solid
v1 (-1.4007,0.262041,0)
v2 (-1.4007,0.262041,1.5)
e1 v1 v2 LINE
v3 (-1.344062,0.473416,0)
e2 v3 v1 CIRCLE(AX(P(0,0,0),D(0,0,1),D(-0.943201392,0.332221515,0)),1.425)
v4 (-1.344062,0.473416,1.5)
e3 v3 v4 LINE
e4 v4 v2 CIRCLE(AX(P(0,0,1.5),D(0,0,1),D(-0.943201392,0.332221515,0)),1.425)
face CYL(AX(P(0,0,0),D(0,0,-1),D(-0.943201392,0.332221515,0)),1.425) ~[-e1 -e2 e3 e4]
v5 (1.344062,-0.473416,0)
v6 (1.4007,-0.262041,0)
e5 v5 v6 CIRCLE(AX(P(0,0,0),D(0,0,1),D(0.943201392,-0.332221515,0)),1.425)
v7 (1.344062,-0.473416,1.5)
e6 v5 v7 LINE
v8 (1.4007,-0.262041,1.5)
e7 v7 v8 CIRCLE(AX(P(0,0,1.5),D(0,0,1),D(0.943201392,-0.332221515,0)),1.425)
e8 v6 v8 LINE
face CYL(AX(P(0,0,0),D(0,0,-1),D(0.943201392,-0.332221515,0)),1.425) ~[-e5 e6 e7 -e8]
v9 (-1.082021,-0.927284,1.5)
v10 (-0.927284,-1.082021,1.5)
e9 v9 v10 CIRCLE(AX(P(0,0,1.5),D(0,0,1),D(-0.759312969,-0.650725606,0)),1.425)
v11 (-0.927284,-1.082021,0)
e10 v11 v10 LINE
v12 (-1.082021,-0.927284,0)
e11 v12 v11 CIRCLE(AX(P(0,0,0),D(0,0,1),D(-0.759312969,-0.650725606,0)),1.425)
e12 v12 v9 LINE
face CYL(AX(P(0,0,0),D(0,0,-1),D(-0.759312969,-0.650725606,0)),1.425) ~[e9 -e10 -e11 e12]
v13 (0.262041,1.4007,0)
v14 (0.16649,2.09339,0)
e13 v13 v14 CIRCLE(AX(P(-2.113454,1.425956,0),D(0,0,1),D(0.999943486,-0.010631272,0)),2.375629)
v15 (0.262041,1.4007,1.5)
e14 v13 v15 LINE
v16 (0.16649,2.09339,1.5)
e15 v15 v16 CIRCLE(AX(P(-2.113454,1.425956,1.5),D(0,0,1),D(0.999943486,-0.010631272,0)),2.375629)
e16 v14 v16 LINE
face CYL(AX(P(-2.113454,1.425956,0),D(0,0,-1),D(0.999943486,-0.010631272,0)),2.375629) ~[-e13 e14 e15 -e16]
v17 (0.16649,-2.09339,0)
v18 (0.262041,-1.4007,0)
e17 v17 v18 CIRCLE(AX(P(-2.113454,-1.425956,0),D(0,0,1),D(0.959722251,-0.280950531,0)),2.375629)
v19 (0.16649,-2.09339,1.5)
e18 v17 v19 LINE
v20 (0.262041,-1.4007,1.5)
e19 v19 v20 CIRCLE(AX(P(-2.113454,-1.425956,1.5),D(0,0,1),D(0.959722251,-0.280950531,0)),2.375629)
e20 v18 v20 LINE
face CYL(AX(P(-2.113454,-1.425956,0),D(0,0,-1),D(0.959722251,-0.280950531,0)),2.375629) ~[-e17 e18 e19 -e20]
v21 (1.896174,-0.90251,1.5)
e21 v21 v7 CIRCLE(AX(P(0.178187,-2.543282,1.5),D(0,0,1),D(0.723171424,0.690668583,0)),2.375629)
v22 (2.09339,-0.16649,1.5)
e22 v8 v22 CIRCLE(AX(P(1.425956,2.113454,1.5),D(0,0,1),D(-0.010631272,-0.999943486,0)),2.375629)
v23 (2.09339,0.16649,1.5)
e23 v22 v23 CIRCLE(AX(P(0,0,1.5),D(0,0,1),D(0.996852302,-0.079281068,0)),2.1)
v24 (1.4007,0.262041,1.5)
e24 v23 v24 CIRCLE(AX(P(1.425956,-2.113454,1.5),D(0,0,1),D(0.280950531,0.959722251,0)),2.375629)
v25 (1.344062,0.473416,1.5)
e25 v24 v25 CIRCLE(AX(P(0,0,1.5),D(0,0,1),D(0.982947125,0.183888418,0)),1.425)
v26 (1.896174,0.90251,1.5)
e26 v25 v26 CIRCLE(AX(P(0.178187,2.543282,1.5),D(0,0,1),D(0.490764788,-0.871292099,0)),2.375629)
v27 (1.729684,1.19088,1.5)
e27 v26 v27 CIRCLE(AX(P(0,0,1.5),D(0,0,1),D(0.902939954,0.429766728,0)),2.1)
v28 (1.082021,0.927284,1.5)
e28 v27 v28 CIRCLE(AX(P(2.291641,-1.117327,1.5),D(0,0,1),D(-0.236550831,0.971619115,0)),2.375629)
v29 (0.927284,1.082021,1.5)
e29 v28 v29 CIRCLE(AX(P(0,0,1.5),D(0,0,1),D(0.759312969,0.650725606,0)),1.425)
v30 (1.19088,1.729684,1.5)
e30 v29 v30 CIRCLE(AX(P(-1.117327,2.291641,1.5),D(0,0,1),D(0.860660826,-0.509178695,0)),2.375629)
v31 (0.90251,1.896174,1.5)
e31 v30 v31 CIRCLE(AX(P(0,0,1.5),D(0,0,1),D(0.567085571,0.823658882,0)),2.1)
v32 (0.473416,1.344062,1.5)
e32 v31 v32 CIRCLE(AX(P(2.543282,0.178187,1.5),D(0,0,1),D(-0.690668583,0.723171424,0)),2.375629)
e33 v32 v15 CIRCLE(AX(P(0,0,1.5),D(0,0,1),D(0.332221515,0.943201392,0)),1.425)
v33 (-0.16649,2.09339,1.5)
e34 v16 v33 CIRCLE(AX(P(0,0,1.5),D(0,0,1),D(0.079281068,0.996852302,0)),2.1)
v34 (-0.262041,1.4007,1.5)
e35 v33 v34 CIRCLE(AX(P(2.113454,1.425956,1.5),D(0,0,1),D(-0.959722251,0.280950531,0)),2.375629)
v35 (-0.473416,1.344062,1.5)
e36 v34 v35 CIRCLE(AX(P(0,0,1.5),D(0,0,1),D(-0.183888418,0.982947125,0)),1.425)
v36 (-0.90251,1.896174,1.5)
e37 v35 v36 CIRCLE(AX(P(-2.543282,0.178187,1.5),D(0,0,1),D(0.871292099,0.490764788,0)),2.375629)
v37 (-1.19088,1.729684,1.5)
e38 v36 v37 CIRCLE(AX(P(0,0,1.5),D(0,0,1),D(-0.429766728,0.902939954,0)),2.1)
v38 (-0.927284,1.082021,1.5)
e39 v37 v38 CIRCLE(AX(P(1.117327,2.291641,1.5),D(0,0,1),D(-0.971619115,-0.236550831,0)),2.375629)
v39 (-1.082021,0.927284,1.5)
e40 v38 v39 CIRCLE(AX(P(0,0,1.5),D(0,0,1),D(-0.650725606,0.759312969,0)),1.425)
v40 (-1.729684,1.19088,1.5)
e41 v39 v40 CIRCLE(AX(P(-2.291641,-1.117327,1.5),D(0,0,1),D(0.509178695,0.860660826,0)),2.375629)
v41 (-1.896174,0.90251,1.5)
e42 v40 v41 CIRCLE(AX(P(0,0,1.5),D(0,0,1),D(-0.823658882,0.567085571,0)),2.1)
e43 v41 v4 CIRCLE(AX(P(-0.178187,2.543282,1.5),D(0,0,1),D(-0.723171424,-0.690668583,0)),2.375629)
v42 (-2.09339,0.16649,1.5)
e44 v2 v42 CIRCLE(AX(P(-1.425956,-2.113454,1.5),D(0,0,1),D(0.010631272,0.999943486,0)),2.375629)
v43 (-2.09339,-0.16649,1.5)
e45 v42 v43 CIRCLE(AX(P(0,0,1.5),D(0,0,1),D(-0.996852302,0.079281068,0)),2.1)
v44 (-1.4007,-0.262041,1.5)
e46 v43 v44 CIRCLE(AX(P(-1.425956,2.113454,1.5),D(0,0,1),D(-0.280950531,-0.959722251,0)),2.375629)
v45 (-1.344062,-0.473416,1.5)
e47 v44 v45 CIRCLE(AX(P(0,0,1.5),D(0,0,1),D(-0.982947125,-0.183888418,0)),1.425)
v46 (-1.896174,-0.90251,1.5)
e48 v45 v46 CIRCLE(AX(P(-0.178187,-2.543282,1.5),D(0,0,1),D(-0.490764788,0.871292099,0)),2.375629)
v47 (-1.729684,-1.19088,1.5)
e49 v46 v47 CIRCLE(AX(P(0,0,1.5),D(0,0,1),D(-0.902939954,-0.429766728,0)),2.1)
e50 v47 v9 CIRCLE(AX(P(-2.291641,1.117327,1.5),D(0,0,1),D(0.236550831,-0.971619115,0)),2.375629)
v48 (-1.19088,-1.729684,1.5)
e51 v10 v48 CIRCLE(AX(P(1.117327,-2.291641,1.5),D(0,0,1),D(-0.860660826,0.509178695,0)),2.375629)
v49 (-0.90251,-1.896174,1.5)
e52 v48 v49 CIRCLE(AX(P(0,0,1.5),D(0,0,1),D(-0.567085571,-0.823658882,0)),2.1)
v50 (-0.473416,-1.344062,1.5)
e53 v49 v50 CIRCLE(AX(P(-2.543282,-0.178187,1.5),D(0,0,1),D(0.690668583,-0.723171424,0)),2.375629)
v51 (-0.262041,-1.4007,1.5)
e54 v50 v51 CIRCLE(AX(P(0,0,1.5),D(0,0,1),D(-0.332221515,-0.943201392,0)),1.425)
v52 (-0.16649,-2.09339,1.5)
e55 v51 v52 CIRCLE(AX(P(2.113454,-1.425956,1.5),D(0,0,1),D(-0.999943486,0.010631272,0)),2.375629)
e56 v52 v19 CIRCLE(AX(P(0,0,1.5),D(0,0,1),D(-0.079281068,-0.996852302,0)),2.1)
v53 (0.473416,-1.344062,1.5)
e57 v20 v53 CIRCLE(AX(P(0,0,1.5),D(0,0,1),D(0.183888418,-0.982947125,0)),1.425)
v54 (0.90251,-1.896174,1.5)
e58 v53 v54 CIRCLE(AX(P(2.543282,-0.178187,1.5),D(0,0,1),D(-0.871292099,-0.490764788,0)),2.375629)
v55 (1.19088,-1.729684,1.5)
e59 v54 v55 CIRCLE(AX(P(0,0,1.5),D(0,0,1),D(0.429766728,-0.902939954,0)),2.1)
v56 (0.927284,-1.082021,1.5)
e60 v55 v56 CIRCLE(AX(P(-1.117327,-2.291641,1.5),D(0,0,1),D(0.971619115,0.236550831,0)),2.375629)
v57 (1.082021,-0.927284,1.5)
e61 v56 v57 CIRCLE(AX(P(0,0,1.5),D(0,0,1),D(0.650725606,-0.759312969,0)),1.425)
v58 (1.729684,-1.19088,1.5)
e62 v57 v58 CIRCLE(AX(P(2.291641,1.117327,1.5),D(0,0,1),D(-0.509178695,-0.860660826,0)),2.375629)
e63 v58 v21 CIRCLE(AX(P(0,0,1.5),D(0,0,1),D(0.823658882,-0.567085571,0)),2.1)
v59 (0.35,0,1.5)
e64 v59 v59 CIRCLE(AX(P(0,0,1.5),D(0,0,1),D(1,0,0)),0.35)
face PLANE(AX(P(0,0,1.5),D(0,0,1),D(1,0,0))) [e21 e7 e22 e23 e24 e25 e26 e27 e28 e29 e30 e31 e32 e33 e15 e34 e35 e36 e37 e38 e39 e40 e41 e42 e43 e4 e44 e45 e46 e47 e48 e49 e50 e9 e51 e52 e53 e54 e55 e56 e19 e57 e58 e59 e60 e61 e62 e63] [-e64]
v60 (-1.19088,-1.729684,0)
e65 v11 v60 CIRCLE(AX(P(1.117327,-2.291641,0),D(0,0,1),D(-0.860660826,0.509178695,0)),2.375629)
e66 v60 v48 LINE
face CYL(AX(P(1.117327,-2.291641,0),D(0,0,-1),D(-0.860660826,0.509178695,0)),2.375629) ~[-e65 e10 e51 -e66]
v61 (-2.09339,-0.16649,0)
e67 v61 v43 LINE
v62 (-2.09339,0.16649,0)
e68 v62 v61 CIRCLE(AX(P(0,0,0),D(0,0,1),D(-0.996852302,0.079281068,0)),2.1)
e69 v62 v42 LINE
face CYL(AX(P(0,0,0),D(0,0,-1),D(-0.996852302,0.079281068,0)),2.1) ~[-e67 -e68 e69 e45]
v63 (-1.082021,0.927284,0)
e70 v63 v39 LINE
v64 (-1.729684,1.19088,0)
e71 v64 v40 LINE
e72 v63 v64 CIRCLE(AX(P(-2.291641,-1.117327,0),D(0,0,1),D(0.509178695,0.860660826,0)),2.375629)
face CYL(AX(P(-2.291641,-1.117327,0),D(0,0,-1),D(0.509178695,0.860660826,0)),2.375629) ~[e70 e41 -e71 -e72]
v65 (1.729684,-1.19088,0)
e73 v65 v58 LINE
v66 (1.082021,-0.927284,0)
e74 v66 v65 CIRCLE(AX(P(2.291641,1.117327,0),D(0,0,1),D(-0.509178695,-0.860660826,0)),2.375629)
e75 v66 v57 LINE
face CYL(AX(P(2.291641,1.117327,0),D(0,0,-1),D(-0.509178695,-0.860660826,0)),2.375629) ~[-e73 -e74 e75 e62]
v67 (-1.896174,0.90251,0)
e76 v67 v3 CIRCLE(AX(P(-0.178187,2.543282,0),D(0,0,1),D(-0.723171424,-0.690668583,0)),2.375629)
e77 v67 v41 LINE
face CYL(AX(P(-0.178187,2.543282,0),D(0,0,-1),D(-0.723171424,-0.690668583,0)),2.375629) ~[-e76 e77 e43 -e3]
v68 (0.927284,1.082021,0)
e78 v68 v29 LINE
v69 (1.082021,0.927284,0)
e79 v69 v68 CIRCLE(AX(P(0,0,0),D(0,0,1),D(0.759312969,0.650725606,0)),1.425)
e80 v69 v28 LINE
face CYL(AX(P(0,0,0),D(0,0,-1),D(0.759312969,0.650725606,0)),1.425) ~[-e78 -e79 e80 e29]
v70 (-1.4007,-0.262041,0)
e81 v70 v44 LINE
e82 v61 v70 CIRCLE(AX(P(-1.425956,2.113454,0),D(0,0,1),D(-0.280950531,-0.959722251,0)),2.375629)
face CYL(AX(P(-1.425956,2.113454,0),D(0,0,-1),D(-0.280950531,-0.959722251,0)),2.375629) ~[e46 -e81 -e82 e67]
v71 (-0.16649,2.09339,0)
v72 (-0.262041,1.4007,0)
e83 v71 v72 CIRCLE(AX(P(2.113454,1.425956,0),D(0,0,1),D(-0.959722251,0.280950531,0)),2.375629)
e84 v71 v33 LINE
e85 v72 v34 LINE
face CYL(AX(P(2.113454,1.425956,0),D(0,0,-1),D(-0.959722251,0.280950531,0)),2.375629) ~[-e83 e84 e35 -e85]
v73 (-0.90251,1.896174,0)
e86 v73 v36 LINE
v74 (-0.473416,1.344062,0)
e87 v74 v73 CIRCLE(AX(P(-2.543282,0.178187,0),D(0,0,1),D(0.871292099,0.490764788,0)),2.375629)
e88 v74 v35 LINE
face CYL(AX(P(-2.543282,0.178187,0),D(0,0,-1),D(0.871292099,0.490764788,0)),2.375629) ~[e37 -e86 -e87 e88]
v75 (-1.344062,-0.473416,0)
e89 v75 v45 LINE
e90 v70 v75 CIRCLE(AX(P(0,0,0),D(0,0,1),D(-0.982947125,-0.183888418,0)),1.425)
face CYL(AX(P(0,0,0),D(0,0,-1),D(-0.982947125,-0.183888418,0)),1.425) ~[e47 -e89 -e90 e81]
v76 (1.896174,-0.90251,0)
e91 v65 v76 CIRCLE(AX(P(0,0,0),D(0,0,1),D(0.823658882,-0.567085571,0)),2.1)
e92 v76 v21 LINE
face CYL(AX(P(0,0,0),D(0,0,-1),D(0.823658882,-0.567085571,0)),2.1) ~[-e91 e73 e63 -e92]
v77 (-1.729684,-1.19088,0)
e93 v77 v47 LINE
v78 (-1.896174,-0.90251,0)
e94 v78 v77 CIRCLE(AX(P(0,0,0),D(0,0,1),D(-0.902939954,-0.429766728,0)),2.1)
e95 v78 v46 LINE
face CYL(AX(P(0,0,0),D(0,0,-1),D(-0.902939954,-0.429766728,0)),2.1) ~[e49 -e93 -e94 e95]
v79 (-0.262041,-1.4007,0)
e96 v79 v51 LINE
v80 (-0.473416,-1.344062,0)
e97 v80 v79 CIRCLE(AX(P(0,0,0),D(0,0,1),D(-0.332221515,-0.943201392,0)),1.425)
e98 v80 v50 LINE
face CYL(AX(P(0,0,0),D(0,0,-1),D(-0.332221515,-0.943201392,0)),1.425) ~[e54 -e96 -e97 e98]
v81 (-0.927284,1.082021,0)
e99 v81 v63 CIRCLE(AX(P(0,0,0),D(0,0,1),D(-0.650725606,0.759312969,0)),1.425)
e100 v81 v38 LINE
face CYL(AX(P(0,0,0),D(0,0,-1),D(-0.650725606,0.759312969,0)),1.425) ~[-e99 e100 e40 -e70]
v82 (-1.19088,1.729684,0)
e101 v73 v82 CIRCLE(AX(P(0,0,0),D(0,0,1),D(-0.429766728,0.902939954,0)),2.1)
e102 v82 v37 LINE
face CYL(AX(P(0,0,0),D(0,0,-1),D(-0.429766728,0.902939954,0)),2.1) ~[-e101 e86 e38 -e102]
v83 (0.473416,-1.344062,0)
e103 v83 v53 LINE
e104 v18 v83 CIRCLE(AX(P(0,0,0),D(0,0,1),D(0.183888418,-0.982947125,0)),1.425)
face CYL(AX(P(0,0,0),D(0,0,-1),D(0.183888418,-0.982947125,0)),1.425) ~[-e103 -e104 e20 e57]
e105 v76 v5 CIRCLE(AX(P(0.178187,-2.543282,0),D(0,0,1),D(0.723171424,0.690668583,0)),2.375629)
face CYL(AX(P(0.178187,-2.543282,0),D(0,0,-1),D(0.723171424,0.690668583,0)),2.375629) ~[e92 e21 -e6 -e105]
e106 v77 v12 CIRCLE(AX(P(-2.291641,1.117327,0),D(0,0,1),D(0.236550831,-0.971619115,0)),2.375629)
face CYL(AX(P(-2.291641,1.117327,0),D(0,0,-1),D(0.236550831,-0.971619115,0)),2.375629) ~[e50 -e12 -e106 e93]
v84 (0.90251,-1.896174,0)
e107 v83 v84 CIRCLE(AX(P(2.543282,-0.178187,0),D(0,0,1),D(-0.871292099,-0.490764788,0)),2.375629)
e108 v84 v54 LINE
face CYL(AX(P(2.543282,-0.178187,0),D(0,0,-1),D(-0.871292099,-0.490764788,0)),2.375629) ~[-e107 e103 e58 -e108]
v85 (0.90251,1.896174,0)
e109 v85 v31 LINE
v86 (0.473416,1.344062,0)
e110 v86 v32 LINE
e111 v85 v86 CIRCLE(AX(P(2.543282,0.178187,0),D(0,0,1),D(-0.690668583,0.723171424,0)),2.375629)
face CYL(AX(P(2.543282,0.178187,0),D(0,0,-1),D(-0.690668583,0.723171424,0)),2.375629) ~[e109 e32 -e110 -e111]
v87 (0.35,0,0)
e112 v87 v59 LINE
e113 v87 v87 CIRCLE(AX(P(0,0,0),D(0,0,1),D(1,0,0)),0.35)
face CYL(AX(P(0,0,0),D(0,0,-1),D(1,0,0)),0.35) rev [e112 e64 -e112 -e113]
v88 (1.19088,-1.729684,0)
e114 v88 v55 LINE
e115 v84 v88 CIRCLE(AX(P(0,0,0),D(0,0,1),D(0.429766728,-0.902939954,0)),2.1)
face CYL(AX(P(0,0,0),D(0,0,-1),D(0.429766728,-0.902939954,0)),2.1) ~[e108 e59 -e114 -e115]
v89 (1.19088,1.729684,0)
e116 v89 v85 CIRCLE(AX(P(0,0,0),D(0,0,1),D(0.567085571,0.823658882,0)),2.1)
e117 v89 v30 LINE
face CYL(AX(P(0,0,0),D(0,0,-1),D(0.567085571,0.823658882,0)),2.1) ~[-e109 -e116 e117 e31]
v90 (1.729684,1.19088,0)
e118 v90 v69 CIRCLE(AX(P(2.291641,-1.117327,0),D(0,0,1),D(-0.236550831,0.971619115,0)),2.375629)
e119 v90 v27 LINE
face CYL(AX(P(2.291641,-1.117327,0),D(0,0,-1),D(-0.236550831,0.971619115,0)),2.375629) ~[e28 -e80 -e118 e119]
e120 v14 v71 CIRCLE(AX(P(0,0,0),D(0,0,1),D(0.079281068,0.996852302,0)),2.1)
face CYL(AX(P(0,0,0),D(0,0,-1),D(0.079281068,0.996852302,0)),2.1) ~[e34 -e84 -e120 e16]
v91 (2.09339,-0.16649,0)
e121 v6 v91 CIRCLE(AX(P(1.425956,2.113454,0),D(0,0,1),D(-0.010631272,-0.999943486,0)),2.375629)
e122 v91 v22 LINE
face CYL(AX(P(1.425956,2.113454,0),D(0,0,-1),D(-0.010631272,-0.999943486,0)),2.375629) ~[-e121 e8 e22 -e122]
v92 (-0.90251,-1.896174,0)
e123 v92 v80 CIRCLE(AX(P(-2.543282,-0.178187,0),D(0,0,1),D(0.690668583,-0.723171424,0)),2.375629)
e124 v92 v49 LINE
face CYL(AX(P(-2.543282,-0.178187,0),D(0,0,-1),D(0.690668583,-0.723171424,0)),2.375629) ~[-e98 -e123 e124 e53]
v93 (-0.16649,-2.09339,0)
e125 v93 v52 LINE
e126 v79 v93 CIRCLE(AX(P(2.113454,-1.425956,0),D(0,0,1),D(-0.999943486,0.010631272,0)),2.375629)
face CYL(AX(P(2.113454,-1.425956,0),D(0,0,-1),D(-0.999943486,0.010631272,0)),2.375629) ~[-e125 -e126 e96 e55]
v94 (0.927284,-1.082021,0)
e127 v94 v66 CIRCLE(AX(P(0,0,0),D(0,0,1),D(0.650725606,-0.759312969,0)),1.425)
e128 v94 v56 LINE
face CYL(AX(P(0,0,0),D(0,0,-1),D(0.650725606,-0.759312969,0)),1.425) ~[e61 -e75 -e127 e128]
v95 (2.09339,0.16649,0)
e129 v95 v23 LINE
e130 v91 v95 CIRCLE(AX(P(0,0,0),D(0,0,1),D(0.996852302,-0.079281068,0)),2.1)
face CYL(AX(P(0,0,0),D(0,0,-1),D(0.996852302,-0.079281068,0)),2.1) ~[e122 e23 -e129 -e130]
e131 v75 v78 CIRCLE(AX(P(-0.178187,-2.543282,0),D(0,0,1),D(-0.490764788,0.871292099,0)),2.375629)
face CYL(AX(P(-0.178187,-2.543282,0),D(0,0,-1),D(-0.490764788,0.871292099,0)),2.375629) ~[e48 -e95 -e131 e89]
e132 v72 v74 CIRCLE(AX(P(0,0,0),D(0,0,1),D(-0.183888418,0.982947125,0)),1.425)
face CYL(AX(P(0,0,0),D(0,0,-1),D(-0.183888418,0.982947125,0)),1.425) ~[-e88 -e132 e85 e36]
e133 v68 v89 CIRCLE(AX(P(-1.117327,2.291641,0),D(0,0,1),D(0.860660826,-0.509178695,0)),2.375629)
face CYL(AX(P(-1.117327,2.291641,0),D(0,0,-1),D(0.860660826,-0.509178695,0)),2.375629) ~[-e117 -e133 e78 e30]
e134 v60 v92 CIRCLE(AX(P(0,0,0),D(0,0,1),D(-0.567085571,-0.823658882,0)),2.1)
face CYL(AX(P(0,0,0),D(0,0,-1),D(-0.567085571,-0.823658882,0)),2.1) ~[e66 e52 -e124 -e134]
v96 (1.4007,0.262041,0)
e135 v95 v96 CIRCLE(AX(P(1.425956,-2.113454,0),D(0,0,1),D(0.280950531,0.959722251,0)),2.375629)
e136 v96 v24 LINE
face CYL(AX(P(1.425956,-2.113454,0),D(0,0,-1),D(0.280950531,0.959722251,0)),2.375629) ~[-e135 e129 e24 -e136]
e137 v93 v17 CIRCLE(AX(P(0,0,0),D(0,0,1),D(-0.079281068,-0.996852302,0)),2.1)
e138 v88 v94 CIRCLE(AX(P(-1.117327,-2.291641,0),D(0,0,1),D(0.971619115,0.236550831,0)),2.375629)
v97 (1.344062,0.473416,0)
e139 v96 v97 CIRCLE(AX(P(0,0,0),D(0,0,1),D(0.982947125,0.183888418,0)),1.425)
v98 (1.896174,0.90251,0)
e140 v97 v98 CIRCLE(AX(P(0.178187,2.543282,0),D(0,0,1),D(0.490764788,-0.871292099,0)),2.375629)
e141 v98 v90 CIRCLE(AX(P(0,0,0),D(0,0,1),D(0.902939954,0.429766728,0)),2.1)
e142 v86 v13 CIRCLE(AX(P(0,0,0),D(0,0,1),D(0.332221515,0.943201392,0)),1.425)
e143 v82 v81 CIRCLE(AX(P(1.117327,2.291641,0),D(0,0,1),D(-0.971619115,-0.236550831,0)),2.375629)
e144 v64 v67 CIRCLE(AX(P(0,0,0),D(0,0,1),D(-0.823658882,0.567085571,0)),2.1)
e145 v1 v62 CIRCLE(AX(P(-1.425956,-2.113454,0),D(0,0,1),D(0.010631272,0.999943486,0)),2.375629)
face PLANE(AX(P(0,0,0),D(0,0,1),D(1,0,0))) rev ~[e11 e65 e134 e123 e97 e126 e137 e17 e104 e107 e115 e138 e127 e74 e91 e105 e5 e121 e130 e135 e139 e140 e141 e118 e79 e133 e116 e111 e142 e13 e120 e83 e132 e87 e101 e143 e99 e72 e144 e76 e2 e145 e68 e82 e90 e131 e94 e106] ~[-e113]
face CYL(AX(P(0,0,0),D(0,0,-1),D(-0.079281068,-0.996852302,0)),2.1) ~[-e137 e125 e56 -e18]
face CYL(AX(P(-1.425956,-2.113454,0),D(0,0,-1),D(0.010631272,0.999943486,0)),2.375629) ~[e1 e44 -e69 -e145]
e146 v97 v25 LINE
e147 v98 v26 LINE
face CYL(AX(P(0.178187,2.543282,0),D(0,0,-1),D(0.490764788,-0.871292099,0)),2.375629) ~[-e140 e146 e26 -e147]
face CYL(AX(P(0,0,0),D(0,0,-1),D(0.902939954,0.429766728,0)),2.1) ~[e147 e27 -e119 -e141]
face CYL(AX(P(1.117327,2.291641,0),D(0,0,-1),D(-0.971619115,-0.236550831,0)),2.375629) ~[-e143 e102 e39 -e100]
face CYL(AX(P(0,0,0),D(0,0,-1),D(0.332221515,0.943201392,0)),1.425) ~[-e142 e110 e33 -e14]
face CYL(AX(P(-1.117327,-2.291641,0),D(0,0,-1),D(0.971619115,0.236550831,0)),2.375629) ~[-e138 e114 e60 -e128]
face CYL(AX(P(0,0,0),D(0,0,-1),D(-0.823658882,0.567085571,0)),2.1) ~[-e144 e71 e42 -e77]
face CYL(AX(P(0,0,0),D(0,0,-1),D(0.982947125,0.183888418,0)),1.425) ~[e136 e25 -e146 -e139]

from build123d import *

# Parameters (mm, degrees)
SKETCH_1_R      = 0.35
EXTRUDE_1_DEPTH = 1.5


with BuildPart() as part:
    # 스케치1 → 보스-돌출1 (new body)
    with BuildSketch(Plane.XY):
        with BuildLine():
            ThreePointArc((-0.166490254, 2.093389834), (-0.239891186, 1.750579573), (-0.262040986, 1.400699654))
            ThreePointArc((-0.262040986, 1.400699654), (-0.368817139, 1.376444302), (-0.473415677, 1.344061977))
            ThreePointArc((-0.473415677, 1.344061977), (-0.667537925, 1.635991975), (-0.902510127, 1.896173903))
            ThreePointArc((-0.902510127, 1.896173903), (-1.05, 1.818653348), (-1.190879707, 1.729683649))
            ThreePointArc((-1.190879707, 1.729683649), (-1.083041648, 1.396100789), (-0.927283978, 1.082020991))
            ThreePointArc((-0.927283978, 1.082020991), (-1.007627163, 1.007627163), (-1.082020991, 0.927283978))
            ThreePointArc((-1.082020991, 0.927283978), (-1.396100789, 1.083041648), (-1.729683649, 1.190879707))
            ThreePointArc((-1.729683649, 1.190879707), (-1.818653348, 1.05), (-1.896173903, 0.902510127))
            ThreePointArc((-1.896173903, 0.902510127), (-1.635991975, 0.667537925), (-1.344061977, 0.473415677))
            ThreePointArc((-1.344061977, 0.473415677), (-1.376444302, 0.368817139), (-1.400699654, 0.262040986))
            ThreePointArc((-1.400699654, 0.262040986), (-1.750579573, 0.239891186), (-2.093389834, 0.166490254))
            ThreePointArc((-2.093389834, 0.166490254), (-2.1, 0), (-2.093389834, -0.166490254))
            ThreePointArc((-2.093389834, -0.166490254), (-1.750579573, -0.239891186), (-1.400699654, -0.262040986))
            ThreePointArc((-1.400699654, -0.262040986), (-1.376444302, -0.368817139), (-1.344061977, -0.473415677))
            ThreePointArc((-1.344061977, -0.473415677), (-1.635991975, -0.667537925), (-1.896173903, -0.902510127))
            ThreePointArc((-1.896173903, -0.902510127), (-1.818653348, -1.05), (-1.729683649, -1.190879707))
            ThreePointArc((-1.729683649, -1.190879707), (-1.396100789, -1.083041648), (-1.082020991, -0.927283978))
            ThreePointArc((-1.082020991, -0.927283978), (-1.007627163, -1.007627163), (-0.927283978, -1.082020991))
            ThreePointArc((-0.927283978, -1.082020991), (-1.083041648, -1.396100789), (-1.190879707, -1.729683649))
            ThreePointArc((-1.190879707, -1.729683649), (-1.05, -1.818653348), (-0.902510127, -1.896173903))
            ThreePointArc((-0.902510127, -1.896173903), (-0.667537925, -1.635991975), (-0.473415677, -1.344061977))
            ThreePointArc((-0.473415677, -1.344061977), (-0.368817139, -1.376444302), (-0.262040986, -1.400699654))
            ThreePointArc((-0.262040986, -1.400699654), (-0.239891186, -1.750579573), (-0.166490254, -2.093389834))
            ThreePointArc((-0.166490254, -2.093389834), (0, -2.1), (0.166490254, -2.093389834))
            ThreePointArc((0.166490254, -2.093389834), (0.239891186, -1.750579573), (0.262040986, -1.400699654))
            ThreePointArc((0.262040986, -1.400699654), (0.368817139, -1.376444302), (0.473415677, -1.344061977))
            ThreePointArc((0.473415677, -1.344061977), (0.667537925, -1.635991975), (0.902510127, -1.896173903))
            ThreePointArc((0.902510127, -1.896173903), (1.05, -1.818653348), (1.190879707, -1.729683649))
            ThreePointArc((1.190879707, -1.729683649), (1.083041648, -1.396100789), (0.927283978, -1.082020991))
            ThreePointArc((0.927283978, -1.082020991), (1.007627163, -1.007627163), (1.082020991, -0.927283978))
            ThreePointArc((1.082020991, -0.927283978), (1.396100789, -1.083041648), (1.729683649, -1.190879707))
            ThreePointArc((1.729683649, -1.190879707), (1.818653348, -1.05), (1.896173903, -0.902510127))
            ThreePointArc((1.896173903, -0.902510127), (1.635991975, -0.667537925), (1.344061977, -0.473415677))
            ThreePointArc((1.344061977, -0.473415677), (1.376444302, -0.368817139), (1.400699654, -0.262040986))
            ThreePointArc((1.400699654, -0.262040986), (1.750579573, -0.239891186), (2.093389834, -0.166490254))
            ThreePointArc((2.093389834, -0.166490254), (2.1, 0), (2.093389834, 0.166490254))
            ThreePointArc((2.093389834, 0.166490254), (1.750579573, 0.239891186), (1.400699654, 0.262040986))
            ThreePointArc((1.400699654, 0.262040986), (1.376444302, 0.368817139), (1.344061977, 0.473415677))
            ThreePointArc((1.344061977, 0.473415677), (1.635991975, 0.667537925), (1.896173903, 0.902510127))
            ThreePointArc((1.896173903, 0.902510127), (1.818653348, 1.05), (1.729683649, 1.190879707))
            ThreePointArc((1.729683649, 1.190879707), (1.396100789, 1.083041648), (1.082020991, 0.927283978))
            ThreePointArc((1.082020991, 0.927283978), (1.007627163, 1.007627163), (0.927283978, 1.082020991))
            ThreePointArc((0.927283978, 1.082020991), (1.083041648, 1.396100789), (1.190879707, 1.729683649))
            ThreePointArc((1.190879707, 1.729683649), (1.05, 1.818653348), (0.902510127, 1.896173903))
            ThreePointArc((0.902510127, 1.896173903), (0.667537925, 1.635991975), (0.473415677, 1.344061977))
            ThreePointArc((0.473415677, 1.344061977), (0.368817139, 1.376444302), (0.262040986, 1.400699654))
            ThreePointArc((0.262040986, 1.400699654), (0.239891186, 1.750579573), (0.166490254, 2.093389834))
            ThreePointArc((0.166490254, 2.093389834), (0, 2.1), (-0.166490254, 2.093389834))
        make_face()
        Circle(SKETCH_1_R, mode=Mode.SUBTRACT)
    extrude(amount=EXTRUDE_1_DEPTH)


solid = part.part
